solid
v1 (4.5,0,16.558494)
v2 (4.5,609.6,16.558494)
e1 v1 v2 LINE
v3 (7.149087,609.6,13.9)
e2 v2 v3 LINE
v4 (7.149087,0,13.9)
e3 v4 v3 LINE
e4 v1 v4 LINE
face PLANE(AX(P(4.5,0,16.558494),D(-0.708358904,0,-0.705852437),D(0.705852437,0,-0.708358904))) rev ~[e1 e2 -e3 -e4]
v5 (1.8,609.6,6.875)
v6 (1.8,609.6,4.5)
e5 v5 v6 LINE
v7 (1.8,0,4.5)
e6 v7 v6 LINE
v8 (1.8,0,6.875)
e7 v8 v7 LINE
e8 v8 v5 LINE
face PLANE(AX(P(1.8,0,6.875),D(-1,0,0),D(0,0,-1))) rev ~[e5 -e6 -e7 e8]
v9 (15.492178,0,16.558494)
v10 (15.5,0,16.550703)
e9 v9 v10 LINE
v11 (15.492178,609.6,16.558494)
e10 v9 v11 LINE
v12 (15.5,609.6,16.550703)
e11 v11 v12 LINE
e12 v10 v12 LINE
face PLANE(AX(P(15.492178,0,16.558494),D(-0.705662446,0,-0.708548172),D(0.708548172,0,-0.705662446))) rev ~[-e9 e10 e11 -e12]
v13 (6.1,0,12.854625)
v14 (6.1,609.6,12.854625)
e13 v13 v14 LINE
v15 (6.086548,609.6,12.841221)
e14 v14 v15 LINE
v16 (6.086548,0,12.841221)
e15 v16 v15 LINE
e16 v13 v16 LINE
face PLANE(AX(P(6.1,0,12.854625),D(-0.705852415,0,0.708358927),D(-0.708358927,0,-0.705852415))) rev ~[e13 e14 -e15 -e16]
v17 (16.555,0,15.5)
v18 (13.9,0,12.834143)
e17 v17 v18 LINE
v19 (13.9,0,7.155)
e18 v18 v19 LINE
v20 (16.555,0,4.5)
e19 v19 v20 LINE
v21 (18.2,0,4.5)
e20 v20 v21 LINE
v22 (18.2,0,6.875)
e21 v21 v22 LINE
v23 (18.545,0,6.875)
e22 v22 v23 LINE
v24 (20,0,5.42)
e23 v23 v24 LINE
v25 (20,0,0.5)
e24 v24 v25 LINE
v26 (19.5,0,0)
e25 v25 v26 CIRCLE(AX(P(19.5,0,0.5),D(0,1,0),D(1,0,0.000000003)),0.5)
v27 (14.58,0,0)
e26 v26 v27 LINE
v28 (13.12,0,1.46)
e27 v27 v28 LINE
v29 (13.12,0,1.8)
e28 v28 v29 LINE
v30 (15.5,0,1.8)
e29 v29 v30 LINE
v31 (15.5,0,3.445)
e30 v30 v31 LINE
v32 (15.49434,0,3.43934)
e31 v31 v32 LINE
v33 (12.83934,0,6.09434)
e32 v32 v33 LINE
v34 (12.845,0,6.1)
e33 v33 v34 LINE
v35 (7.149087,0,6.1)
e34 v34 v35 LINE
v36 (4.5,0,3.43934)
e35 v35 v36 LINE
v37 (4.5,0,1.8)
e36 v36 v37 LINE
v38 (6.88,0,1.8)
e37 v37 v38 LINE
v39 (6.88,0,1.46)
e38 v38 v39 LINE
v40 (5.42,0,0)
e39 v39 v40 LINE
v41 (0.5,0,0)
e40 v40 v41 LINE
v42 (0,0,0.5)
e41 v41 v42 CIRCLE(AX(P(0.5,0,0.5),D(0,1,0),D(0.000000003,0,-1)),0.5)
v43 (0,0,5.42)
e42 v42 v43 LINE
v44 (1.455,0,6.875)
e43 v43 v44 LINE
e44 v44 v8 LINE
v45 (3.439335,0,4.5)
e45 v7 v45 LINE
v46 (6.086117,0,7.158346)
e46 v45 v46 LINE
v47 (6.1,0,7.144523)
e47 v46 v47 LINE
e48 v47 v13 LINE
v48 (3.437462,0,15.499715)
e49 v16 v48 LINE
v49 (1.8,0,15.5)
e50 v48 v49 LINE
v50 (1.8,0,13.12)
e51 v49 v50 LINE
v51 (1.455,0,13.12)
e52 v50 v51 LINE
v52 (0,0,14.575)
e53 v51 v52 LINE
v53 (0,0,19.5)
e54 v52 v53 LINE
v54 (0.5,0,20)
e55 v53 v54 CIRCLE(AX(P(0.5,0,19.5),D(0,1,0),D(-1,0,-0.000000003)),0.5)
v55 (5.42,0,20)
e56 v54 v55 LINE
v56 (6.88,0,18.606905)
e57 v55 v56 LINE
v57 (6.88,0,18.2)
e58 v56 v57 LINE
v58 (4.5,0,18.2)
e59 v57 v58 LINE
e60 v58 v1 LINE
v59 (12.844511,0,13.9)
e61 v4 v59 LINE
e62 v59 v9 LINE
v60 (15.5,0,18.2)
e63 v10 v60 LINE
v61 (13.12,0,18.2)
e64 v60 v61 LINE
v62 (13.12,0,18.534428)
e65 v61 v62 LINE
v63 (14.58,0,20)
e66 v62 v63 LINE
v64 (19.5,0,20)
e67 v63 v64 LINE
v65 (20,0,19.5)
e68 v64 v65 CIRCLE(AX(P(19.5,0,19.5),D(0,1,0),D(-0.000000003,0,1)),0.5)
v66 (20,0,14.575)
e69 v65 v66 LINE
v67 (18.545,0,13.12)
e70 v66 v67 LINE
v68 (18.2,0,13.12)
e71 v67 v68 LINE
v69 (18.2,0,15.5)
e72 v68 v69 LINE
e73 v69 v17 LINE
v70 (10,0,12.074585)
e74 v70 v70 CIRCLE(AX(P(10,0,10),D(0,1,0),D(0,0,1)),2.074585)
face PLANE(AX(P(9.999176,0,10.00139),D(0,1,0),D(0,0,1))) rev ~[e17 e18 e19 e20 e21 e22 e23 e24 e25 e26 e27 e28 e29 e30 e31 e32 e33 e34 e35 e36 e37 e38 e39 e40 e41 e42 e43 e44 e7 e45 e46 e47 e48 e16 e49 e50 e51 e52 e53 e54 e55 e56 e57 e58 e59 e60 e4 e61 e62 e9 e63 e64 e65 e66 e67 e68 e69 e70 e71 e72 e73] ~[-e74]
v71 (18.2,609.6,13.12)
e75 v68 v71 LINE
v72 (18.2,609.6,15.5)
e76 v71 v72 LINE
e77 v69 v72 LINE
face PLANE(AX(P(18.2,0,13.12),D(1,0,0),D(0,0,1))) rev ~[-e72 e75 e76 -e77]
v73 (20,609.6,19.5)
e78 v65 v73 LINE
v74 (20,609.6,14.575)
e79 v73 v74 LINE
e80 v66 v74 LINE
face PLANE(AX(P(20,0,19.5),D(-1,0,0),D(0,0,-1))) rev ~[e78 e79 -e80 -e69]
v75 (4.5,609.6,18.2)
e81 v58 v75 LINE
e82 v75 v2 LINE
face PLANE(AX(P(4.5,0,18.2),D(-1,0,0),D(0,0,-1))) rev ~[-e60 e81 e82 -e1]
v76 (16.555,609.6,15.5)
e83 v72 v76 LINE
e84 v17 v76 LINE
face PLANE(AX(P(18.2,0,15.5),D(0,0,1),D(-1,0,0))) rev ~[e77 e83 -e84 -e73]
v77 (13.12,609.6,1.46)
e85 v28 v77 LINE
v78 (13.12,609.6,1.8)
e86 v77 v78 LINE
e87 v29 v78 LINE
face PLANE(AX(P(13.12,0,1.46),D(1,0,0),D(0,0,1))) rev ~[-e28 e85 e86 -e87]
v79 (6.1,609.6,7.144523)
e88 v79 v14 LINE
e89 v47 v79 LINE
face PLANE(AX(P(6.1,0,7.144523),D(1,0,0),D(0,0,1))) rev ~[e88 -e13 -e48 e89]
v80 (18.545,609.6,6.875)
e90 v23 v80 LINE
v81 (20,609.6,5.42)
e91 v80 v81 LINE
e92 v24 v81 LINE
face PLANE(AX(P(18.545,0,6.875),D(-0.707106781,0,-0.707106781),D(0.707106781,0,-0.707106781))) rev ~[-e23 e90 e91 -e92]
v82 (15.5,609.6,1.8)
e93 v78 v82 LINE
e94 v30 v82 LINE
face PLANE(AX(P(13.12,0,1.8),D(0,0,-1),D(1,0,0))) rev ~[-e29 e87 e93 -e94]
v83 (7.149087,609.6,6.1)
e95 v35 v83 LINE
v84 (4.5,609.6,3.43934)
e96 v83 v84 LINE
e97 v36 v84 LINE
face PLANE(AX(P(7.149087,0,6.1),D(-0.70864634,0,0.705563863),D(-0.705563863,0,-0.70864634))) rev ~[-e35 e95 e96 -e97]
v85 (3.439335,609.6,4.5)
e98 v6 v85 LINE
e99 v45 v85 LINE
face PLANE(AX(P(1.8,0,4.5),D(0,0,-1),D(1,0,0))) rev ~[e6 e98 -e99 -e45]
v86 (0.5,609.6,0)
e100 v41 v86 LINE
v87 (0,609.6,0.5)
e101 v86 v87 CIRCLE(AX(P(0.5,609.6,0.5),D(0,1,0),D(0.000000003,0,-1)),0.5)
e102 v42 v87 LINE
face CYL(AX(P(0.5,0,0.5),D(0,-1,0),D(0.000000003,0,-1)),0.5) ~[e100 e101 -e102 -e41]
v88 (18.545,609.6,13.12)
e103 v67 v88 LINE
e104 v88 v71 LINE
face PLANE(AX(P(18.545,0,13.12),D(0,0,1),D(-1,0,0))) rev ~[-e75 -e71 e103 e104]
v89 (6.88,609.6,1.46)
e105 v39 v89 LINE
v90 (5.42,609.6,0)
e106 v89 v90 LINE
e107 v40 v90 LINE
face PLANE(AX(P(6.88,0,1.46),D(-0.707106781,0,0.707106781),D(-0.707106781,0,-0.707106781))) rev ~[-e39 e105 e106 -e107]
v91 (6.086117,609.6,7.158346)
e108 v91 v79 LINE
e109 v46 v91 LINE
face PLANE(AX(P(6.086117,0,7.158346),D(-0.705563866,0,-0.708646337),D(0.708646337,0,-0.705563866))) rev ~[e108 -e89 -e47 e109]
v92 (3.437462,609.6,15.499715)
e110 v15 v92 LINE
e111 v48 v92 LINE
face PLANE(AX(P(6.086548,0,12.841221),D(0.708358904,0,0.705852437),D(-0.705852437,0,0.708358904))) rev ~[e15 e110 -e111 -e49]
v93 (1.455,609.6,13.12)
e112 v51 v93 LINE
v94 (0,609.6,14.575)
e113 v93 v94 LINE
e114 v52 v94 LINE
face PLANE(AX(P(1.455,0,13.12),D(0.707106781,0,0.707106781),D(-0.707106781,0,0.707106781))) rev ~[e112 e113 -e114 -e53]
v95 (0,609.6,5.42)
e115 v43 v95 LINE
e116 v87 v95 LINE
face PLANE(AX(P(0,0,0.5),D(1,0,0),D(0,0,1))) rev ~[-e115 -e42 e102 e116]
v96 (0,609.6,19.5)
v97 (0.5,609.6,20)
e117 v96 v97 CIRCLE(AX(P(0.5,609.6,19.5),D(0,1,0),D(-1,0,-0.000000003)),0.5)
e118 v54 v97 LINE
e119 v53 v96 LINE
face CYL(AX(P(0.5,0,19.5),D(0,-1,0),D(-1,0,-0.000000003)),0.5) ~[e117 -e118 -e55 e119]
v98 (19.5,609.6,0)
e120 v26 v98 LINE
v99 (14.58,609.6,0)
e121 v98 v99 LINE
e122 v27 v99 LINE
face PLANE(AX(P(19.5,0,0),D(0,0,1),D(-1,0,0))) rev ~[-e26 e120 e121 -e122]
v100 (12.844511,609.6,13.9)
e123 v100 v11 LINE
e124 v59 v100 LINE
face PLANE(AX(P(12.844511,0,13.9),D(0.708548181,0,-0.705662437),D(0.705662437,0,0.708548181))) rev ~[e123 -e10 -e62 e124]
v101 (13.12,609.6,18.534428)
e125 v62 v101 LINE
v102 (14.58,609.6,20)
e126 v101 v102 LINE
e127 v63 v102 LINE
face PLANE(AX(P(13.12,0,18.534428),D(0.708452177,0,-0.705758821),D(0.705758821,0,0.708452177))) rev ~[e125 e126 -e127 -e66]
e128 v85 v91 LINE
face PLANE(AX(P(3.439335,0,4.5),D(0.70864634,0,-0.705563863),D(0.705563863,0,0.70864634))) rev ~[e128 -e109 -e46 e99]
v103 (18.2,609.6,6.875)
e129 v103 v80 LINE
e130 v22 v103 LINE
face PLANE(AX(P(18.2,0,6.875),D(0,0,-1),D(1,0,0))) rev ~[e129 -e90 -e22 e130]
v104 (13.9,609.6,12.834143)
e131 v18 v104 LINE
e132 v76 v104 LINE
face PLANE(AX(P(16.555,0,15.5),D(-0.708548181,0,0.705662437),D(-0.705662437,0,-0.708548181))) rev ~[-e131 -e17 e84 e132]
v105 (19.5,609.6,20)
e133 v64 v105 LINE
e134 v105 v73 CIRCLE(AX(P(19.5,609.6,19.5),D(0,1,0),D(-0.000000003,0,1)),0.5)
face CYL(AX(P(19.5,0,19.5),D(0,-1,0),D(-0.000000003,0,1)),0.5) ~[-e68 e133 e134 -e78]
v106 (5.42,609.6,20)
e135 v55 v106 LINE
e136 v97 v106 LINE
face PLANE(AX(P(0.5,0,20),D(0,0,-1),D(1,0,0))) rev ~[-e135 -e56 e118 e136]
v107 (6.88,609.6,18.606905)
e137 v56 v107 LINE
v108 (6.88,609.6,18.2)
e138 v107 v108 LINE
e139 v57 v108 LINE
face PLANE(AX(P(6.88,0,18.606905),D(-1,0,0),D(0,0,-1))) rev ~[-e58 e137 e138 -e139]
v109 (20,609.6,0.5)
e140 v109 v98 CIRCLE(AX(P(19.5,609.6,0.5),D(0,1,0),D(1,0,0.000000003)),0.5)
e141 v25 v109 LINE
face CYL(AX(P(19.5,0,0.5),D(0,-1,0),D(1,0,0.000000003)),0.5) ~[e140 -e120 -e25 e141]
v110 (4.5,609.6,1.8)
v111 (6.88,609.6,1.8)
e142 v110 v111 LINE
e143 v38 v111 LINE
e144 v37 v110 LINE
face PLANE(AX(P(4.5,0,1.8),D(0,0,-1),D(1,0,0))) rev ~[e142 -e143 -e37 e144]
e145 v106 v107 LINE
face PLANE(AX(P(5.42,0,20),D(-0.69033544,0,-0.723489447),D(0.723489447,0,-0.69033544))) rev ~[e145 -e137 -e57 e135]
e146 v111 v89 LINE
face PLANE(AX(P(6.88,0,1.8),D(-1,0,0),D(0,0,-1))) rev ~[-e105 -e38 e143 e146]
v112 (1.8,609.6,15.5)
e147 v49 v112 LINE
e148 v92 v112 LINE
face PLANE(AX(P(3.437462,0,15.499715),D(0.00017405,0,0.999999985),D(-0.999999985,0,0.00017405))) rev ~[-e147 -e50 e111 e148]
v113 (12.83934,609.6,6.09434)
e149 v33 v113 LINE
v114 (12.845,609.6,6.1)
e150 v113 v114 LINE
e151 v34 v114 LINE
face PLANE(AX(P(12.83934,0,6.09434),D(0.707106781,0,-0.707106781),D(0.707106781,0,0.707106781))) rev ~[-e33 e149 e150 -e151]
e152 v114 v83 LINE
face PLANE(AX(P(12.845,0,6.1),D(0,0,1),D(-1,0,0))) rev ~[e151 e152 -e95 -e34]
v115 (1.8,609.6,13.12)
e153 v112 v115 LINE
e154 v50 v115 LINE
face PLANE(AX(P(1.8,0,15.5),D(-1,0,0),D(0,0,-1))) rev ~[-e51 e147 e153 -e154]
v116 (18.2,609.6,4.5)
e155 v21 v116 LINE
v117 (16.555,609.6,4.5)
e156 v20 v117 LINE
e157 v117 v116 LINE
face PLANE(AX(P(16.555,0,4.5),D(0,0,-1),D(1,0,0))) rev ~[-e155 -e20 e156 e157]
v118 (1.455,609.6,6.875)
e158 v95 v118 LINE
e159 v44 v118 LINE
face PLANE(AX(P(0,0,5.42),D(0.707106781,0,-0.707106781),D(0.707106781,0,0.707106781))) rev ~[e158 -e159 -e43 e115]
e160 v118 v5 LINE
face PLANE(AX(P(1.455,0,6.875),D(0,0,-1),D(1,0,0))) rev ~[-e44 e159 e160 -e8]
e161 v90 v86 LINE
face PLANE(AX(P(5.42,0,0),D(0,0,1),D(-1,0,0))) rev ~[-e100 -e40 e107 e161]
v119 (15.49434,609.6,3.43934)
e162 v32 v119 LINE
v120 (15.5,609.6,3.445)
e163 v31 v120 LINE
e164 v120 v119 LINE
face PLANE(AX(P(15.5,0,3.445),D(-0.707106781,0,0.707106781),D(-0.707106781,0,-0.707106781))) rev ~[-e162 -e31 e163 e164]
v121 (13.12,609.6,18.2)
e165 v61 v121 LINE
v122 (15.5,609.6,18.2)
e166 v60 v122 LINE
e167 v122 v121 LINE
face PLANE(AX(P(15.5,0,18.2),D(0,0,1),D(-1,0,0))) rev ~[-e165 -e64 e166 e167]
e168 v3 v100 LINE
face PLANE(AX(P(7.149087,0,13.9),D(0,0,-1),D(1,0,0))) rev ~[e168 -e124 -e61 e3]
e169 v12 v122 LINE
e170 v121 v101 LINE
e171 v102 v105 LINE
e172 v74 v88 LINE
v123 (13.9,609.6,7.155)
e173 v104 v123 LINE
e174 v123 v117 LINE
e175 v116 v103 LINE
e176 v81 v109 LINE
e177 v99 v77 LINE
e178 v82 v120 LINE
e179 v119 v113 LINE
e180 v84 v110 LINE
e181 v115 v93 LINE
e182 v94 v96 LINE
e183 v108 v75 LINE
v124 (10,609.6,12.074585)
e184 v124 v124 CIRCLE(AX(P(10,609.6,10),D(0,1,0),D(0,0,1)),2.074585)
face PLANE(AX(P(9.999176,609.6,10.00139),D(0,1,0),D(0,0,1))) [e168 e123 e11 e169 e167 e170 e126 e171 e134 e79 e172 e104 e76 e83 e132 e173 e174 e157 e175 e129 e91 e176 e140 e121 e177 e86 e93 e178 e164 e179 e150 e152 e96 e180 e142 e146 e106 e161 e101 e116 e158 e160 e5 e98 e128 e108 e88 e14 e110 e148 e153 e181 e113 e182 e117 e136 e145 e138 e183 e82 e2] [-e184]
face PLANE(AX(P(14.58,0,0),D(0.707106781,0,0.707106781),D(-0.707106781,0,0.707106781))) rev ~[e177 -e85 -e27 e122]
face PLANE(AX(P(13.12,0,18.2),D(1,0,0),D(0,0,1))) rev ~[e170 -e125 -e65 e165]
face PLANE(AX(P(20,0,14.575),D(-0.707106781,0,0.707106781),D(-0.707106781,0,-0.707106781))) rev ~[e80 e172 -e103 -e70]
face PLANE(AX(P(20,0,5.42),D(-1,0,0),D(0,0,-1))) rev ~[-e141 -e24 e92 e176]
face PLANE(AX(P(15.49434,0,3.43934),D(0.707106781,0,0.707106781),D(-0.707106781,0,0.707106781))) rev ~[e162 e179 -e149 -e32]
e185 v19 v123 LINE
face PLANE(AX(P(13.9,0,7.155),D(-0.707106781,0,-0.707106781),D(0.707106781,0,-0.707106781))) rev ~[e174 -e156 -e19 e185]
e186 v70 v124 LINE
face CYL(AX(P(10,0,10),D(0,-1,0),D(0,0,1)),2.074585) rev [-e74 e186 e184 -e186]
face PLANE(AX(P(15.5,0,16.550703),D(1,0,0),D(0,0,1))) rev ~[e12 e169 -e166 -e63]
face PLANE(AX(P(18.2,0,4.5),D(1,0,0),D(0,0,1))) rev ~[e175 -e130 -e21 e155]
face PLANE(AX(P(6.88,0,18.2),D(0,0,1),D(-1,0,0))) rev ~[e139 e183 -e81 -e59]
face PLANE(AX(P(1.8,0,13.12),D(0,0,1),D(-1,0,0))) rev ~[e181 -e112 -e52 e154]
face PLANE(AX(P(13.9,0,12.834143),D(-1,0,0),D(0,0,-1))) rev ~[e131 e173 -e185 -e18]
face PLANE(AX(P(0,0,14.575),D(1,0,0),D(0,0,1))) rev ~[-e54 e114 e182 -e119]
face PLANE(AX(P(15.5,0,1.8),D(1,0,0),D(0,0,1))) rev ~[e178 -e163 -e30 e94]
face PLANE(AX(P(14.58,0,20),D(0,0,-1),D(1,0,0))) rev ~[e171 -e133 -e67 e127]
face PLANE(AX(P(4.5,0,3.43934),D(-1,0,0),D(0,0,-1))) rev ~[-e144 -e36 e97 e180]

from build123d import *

# Parameters (mm, degrees)
SKETCH2_R              = 2.074585303
VSLOT2020_2020_5_DEPTH = 609.6


with BuildPart() as part:
    # Sketch2 → Vslot2020 2020(5) (new body)
    with BuildSketch(Plane.ZX):
        with BuildLine():
            Line((13.9, 7.149086807), (13.9, 12.844511469))
            Line((13.9, 12.844511469), (16.558493656, 15.492177728))
            Line((16.558493656, 15.492177728), (16.550703242, 15.5))
            Line((16.550703242, 15.5), (18.2, 15.5))
            Line((18.2, 15.5), (18.2, 13.12))
            Line((18.2, 13.12), (18.534428266, 13.12))
            Line((18.534428266, 13.12), (20, 14.58))
            Line((20, 14.58), (20, 19.5))
            ThreePointArc((20, 19.5), (19.853553391, 19.853553391), (19.5, 20))
            Line((19.5, 20), (14.575, 20))
            Line((14.575, 20), (13.12, 18.545))
            Line((13.12, 18.545), (13.12, 18.2))
            Line((13.12, 18.2), (15.5, 18.2))
            Line((15.5, 18.2), (15.5, 16.555))
            Line((15.5, 16.555), (12.834142613, 13.9))
            Line((12.834142613, 13.9), (7.155, 13.9))
            Line((7.155, 13.9), (4.5, 16.555))
            Line((4.5, 16.555), (4.5, 18.2))
            Line((4.5, 18.2), (6.875, 18.2))
            Line((6.875, 18.2), (6.875, 18.545))
            Line((6.875, 18.545), (5.42, 20))
            Line((5.42, 20), (0.5, 20))
            ThreePointArc((0.5, 20), (0.146446609, 19.853553391), (0, 19.5))
            Line((0, 19.5), (0, 14.58))
            Line((0, 14.58), (1.46, 13.12))
            Line((1.46, 13.12), (1.8, 13.12))
            Line((1.8, 13.12), (1.8, 15.5))
            Line((1.8, 15.5), (3.445, 15.5))
            Line((3.445, 15.5), (3.439339828, 15.494339828))
            Line((3.439339828, 15.494339828), (6.094339828, 12.839339828))
            Line((6.094339828, 12.839339828), (6.1, 12.845))
            Line((6.1, 12.845), (6.1, 7.149086807))
            Line((6.1, 7.149086807), (3.439339828, 4.5))
            Line((3.439339828, 4.5), (1.8, 4.5))
            Line((1.8, 4.5), (1.8, 6.88))
            Line((1.8, 6.88), (1.46, 6.88))
            Line((1.46, 6.88), (0, 5.42))
            Line((0, 5.42), (0, 0.5))
            ThreePointArc((0, 0.5), (0.146446609, 0.146446609), (0.5, 0))
            Line((0.5, 0), (5.42, 0))
            Line((5.42, 0), (6.875, 1.455))
            Line((6.875, 1.455), (6.875, 1.8))
            Line((6.875, 1.8), (4.5, 1.8))
            Line((4.5, 1.8), (4.5, 3.4393348))
            Line((4.5, 3.4393348), (7.158345795, 6.086117297))
            Line((7.158345795, 6.086117297), (7.144523479, 6.1))
            Line((7.144523479, 6.1), (12.854625295, 6.1))
            Line((12.854625295, 6.1), (12.841221344, 6.086548451))
            Line((12.841221344, 6.086548451), (15.499715, 3.437461644))
            Line((15.499715, 3.437461644), (15.5, 1.8))
            Line((15.5, 1.8), (13.12, 1.8))
            Line((13.12, 1.8), (13.12, 1.455))
            Line((13.12, 1.455), (14.575, 0))
            Line((14.575, 0), (19.5, 0))
            ThreePointArc((19.5, 0), (19.853553391, 0.146446609), (20, 0.5))
            Line((20, 0.5), (20, 5.42))
            Line((20, 5.42), (18.606904708, 6.88))
            Line((18.606904708, 6.88), (18.2, 6.88))
            Line((18.2, 6.88), (18.2, 4.5))
            Line((18.2, 4.5), (16.558493656, 4.5))
            Line((16.558493656, 4.5), (13.9, 7.149086807))
        make_face()
        with Locations((10, 10)):
            Circle(SKETCH2_R, mode=Mode.SUBTRACT)
    extrude(amount=VSLOT2020_2020_5_DEPTH)


solid = part.part
